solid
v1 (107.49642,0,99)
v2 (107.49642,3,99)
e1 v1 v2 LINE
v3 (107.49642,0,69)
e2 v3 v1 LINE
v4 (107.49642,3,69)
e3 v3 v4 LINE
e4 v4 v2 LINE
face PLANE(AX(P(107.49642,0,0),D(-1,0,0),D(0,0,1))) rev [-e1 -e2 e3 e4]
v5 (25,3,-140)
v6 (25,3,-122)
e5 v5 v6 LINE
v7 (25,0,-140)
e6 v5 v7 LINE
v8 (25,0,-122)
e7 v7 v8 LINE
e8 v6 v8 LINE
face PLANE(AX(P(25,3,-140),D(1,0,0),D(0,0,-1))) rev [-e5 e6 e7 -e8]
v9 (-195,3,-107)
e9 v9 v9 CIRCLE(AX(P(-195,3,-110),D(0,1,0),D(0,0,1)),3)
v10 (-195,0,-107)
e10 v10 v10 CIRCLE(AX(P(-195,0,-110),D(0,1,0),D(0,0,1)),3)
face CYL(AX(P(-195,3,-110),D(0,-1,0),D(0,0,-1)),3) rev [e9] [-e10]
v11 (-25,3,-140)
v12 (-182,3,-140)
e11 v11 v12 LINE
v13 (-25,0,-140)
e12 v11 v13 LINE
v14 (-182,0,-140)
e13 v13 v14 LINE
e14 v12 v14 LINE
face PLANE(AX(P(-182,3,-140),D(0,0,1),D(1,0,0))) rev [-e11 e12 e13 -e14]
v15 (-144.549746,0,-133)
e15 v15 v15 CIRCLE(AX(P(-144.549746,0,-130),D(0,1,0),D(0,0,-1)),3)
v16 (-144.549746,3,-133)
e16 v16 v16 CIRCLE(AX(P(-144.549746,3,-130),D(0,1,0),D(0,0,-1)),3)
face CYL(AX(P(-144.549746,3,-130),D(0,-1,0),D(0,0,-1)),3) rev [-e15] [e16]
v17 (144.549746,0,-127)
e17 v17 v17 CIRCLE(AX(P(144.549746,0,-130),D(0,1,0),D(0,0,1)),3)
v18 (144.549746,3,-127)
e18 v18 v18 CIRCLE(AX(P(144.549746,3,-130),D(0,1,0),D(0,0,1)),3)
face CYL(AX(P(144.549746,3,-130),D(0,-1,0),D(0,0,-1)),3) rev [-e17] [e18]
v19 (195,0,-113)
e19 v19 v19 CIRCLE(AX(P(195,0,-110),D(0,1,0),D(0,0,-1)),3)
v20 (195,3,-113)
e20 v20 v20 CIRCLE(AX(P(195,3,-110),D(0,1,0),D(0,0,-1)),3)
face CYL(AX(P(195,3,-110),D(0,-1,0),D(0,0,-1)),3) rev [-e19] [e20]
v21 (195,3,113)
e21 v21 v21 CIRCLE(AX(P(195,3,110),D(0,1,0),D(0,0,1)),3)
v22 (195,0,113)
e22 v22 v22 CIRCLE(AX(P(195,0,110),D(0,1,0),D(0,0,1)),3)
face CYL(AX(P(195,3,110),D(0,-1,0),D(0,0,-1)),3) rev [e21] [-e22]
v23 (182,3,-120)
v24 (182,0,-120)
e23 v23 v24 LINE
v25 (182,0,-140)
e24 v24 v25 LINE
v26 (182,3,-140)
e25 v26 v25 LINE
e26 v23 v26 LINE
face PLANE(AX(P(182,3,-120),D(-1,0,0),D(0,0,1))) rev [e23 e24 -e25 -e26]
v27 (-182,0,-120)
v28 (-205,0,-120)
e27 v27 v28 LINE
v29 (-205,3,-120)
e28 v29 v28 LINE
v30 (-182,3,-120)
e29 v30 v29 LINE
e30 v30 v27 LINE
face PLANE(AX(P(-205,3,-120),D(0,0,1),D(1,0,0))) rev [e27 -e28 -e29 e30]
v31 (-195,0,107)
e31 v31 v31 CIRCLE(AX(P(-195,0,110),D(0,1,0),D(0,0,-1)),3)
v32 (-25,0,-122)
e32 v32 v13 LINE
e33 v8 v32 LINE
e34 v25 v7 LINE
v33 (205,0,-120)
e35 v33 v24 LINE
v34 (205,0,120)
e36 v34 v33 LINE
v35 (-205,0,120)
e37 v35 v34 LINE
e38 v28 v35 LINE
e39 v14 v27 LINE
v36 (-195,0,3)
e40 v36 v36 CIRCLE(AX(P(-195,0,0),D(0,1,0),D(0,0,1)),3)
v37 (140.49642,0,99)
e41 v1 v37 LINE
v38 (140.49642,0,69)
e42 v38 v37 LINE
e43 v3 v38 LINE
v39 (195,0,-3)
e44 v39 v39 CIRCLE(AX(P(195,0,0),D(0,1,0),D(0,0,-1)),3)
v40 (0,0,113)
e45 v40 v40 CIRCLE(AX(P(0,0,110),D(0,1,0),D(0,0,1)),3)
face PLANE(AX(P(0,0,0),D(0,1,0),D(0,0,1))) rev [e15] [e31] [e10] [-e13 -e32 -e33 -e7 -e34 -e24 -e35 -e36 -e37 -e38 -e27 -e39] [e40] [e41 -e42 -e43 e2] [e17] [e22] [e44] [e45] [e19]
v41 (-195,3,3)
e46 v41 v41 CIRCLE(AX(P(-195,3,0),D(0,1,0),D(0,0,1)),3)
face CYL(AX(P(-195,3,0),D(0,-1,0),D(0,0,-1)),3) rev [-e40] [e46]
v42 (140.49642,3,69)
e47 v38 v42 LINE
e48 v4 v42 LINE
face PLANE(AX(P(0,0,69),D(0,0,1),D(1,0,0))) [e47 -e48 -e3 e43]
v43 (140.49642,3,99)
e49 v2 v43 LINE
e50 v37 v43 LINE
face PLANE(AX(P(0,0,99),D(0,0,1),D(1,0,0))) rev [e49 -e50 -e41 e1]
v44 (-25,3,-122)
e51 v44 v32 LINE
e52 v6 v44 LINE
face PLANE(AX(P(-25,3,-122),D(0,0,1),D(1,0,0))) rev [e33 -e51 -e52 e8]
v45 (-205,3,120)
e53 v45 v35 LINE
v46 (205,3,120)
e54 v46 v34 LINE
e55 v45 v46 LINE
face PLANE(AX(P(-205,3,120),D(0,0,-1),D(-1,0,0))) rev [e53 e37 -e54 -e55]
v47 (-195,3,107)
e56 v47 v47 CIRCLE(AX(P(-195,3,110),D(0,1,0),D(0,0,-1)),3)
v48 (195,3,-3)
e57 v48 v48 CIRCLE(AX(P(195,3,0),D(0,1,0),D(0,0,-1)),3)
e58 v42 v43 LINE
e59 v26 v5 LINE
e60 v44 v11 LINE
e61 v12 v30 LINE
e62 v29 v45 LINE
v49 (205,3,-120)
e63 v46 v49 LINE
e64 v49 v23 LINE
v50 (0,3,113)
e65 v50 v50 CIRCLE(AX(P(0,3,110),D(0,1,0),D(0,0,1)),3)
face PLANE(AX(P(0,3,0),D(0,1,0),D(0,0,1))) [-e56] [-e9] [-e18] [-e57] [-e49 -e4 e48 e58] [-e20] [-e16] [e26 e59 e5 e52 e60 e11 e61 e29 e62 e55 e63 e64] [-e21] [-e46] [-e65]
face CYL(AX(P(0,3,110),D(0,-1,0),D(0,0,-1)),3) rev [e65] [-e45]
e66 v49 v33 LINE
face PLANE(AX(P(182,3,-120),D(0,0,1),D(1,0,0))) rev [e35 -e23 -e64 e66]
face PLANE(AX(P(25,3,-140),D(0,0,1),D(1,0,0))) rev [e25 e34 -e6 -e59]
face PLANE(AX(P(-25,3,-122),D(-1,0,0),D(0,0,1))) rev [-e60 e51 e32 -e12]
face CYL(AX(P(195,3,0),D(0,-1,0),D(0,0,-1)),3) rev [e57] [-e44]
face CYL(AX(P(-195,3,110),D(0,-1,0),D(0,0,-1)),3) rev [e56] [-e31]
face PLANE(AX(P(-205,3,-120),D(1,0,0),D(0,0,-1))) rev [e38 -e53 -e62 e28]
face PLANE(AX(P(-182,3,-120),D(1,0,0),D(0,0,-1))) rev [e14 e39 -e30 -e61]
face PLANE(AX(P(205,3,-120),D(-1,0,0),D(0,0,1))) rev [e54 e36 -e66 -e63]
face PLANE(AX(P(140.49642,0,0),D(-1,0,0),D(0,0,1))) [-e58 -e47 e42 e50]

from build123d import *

# Parameters (mm, degrees)
CROQUIS1_R              = 3
SALIENTE_EXTRUIR1_DEPTH = 3
CROQUIS2_W              = 33
CROQUIS2_H              = 30
CORTAR_EXTRUIR2_DEPTH   = 3


with BuildPart() as part:
    # Croquis1 → Saliente-Extruir1 (new body)
    with BuildSketch(Plane(origin=(0, 0, 0), x_dir=(1, 0, 0), z_dir=(0, 1, 0))):
        Polygon((182, 120), (205, 120), (205, -120), (-205, -120), (-205, 120), (-182, 120), (-182, 140), (-25, 140), (-25, 122), (25, 122), (25, 140), (182, 140), align=None)
        with Locations(Location((-195, 110, 0), (0, 0, 270))):
            Circle(CROQUIS1_R, mode=Mode.SUBTRACT)
        with Locations(Location((-195, 0, 0), (0, 0, 270))):
            Circle(CROQUIS1_R, mode=Mode.SUBTRACT)
        with Locations(Location((-195, -110, 0), (0, 0, 90))):
            Circle(CROQUIS1_R, mode=Mode.SUBTRACT)
        with Locations(Location((195, -110, 0), (0, 0, 270))):
            Circle(CROQUIS1_R, mode=Mode.SUBTRACT)
        with Locations(Location((195, 0, 0), (0, 0, 90))):
            Circle(CROQUIS1_R, mode=Mode.SUBTRACT)
        with Locations(Location((195, 110, 0), (0, 0, 90))):
            Circle(CROQUIS1_R, mode=Mode.SUBTRACT)
        with Locations(Location((0, -110, 0), (0, 0, 270))):
            Circle(CROQUIS1_R, mode=Mode.SUBTRACT)
        with Locations(Location((144.549746064, 130, 0), (0, 0, 270))):
            Circle(CROQUIS1_R, mode=Mode.SUBTRACT)
        with Locations(Location((-144.549746064, 130, 0), (0, 0, 90))):
            Circle(CROQUIS1_R, mode=Mode.SUBTRACT)
    extrude(amount=SALIENTE_EXTRUIR1_DEPTH)

    # Croquis2 → Cortar-Extruir2 (cut)
    with BuildSketch(Plane(origin=(0, 3, 0), x_dir=(1, 0, 0), z_dir=(0, 1, 0))):
        with Locations((123.996419689, -84)):
            Rectangle(CROQUIS2_W, CROQUIS2_H)
    extrude(amount=-CORTAR_EXTRUIR2_DEPTH, mode=Mode.SUBTRACT)


solid = part.part
